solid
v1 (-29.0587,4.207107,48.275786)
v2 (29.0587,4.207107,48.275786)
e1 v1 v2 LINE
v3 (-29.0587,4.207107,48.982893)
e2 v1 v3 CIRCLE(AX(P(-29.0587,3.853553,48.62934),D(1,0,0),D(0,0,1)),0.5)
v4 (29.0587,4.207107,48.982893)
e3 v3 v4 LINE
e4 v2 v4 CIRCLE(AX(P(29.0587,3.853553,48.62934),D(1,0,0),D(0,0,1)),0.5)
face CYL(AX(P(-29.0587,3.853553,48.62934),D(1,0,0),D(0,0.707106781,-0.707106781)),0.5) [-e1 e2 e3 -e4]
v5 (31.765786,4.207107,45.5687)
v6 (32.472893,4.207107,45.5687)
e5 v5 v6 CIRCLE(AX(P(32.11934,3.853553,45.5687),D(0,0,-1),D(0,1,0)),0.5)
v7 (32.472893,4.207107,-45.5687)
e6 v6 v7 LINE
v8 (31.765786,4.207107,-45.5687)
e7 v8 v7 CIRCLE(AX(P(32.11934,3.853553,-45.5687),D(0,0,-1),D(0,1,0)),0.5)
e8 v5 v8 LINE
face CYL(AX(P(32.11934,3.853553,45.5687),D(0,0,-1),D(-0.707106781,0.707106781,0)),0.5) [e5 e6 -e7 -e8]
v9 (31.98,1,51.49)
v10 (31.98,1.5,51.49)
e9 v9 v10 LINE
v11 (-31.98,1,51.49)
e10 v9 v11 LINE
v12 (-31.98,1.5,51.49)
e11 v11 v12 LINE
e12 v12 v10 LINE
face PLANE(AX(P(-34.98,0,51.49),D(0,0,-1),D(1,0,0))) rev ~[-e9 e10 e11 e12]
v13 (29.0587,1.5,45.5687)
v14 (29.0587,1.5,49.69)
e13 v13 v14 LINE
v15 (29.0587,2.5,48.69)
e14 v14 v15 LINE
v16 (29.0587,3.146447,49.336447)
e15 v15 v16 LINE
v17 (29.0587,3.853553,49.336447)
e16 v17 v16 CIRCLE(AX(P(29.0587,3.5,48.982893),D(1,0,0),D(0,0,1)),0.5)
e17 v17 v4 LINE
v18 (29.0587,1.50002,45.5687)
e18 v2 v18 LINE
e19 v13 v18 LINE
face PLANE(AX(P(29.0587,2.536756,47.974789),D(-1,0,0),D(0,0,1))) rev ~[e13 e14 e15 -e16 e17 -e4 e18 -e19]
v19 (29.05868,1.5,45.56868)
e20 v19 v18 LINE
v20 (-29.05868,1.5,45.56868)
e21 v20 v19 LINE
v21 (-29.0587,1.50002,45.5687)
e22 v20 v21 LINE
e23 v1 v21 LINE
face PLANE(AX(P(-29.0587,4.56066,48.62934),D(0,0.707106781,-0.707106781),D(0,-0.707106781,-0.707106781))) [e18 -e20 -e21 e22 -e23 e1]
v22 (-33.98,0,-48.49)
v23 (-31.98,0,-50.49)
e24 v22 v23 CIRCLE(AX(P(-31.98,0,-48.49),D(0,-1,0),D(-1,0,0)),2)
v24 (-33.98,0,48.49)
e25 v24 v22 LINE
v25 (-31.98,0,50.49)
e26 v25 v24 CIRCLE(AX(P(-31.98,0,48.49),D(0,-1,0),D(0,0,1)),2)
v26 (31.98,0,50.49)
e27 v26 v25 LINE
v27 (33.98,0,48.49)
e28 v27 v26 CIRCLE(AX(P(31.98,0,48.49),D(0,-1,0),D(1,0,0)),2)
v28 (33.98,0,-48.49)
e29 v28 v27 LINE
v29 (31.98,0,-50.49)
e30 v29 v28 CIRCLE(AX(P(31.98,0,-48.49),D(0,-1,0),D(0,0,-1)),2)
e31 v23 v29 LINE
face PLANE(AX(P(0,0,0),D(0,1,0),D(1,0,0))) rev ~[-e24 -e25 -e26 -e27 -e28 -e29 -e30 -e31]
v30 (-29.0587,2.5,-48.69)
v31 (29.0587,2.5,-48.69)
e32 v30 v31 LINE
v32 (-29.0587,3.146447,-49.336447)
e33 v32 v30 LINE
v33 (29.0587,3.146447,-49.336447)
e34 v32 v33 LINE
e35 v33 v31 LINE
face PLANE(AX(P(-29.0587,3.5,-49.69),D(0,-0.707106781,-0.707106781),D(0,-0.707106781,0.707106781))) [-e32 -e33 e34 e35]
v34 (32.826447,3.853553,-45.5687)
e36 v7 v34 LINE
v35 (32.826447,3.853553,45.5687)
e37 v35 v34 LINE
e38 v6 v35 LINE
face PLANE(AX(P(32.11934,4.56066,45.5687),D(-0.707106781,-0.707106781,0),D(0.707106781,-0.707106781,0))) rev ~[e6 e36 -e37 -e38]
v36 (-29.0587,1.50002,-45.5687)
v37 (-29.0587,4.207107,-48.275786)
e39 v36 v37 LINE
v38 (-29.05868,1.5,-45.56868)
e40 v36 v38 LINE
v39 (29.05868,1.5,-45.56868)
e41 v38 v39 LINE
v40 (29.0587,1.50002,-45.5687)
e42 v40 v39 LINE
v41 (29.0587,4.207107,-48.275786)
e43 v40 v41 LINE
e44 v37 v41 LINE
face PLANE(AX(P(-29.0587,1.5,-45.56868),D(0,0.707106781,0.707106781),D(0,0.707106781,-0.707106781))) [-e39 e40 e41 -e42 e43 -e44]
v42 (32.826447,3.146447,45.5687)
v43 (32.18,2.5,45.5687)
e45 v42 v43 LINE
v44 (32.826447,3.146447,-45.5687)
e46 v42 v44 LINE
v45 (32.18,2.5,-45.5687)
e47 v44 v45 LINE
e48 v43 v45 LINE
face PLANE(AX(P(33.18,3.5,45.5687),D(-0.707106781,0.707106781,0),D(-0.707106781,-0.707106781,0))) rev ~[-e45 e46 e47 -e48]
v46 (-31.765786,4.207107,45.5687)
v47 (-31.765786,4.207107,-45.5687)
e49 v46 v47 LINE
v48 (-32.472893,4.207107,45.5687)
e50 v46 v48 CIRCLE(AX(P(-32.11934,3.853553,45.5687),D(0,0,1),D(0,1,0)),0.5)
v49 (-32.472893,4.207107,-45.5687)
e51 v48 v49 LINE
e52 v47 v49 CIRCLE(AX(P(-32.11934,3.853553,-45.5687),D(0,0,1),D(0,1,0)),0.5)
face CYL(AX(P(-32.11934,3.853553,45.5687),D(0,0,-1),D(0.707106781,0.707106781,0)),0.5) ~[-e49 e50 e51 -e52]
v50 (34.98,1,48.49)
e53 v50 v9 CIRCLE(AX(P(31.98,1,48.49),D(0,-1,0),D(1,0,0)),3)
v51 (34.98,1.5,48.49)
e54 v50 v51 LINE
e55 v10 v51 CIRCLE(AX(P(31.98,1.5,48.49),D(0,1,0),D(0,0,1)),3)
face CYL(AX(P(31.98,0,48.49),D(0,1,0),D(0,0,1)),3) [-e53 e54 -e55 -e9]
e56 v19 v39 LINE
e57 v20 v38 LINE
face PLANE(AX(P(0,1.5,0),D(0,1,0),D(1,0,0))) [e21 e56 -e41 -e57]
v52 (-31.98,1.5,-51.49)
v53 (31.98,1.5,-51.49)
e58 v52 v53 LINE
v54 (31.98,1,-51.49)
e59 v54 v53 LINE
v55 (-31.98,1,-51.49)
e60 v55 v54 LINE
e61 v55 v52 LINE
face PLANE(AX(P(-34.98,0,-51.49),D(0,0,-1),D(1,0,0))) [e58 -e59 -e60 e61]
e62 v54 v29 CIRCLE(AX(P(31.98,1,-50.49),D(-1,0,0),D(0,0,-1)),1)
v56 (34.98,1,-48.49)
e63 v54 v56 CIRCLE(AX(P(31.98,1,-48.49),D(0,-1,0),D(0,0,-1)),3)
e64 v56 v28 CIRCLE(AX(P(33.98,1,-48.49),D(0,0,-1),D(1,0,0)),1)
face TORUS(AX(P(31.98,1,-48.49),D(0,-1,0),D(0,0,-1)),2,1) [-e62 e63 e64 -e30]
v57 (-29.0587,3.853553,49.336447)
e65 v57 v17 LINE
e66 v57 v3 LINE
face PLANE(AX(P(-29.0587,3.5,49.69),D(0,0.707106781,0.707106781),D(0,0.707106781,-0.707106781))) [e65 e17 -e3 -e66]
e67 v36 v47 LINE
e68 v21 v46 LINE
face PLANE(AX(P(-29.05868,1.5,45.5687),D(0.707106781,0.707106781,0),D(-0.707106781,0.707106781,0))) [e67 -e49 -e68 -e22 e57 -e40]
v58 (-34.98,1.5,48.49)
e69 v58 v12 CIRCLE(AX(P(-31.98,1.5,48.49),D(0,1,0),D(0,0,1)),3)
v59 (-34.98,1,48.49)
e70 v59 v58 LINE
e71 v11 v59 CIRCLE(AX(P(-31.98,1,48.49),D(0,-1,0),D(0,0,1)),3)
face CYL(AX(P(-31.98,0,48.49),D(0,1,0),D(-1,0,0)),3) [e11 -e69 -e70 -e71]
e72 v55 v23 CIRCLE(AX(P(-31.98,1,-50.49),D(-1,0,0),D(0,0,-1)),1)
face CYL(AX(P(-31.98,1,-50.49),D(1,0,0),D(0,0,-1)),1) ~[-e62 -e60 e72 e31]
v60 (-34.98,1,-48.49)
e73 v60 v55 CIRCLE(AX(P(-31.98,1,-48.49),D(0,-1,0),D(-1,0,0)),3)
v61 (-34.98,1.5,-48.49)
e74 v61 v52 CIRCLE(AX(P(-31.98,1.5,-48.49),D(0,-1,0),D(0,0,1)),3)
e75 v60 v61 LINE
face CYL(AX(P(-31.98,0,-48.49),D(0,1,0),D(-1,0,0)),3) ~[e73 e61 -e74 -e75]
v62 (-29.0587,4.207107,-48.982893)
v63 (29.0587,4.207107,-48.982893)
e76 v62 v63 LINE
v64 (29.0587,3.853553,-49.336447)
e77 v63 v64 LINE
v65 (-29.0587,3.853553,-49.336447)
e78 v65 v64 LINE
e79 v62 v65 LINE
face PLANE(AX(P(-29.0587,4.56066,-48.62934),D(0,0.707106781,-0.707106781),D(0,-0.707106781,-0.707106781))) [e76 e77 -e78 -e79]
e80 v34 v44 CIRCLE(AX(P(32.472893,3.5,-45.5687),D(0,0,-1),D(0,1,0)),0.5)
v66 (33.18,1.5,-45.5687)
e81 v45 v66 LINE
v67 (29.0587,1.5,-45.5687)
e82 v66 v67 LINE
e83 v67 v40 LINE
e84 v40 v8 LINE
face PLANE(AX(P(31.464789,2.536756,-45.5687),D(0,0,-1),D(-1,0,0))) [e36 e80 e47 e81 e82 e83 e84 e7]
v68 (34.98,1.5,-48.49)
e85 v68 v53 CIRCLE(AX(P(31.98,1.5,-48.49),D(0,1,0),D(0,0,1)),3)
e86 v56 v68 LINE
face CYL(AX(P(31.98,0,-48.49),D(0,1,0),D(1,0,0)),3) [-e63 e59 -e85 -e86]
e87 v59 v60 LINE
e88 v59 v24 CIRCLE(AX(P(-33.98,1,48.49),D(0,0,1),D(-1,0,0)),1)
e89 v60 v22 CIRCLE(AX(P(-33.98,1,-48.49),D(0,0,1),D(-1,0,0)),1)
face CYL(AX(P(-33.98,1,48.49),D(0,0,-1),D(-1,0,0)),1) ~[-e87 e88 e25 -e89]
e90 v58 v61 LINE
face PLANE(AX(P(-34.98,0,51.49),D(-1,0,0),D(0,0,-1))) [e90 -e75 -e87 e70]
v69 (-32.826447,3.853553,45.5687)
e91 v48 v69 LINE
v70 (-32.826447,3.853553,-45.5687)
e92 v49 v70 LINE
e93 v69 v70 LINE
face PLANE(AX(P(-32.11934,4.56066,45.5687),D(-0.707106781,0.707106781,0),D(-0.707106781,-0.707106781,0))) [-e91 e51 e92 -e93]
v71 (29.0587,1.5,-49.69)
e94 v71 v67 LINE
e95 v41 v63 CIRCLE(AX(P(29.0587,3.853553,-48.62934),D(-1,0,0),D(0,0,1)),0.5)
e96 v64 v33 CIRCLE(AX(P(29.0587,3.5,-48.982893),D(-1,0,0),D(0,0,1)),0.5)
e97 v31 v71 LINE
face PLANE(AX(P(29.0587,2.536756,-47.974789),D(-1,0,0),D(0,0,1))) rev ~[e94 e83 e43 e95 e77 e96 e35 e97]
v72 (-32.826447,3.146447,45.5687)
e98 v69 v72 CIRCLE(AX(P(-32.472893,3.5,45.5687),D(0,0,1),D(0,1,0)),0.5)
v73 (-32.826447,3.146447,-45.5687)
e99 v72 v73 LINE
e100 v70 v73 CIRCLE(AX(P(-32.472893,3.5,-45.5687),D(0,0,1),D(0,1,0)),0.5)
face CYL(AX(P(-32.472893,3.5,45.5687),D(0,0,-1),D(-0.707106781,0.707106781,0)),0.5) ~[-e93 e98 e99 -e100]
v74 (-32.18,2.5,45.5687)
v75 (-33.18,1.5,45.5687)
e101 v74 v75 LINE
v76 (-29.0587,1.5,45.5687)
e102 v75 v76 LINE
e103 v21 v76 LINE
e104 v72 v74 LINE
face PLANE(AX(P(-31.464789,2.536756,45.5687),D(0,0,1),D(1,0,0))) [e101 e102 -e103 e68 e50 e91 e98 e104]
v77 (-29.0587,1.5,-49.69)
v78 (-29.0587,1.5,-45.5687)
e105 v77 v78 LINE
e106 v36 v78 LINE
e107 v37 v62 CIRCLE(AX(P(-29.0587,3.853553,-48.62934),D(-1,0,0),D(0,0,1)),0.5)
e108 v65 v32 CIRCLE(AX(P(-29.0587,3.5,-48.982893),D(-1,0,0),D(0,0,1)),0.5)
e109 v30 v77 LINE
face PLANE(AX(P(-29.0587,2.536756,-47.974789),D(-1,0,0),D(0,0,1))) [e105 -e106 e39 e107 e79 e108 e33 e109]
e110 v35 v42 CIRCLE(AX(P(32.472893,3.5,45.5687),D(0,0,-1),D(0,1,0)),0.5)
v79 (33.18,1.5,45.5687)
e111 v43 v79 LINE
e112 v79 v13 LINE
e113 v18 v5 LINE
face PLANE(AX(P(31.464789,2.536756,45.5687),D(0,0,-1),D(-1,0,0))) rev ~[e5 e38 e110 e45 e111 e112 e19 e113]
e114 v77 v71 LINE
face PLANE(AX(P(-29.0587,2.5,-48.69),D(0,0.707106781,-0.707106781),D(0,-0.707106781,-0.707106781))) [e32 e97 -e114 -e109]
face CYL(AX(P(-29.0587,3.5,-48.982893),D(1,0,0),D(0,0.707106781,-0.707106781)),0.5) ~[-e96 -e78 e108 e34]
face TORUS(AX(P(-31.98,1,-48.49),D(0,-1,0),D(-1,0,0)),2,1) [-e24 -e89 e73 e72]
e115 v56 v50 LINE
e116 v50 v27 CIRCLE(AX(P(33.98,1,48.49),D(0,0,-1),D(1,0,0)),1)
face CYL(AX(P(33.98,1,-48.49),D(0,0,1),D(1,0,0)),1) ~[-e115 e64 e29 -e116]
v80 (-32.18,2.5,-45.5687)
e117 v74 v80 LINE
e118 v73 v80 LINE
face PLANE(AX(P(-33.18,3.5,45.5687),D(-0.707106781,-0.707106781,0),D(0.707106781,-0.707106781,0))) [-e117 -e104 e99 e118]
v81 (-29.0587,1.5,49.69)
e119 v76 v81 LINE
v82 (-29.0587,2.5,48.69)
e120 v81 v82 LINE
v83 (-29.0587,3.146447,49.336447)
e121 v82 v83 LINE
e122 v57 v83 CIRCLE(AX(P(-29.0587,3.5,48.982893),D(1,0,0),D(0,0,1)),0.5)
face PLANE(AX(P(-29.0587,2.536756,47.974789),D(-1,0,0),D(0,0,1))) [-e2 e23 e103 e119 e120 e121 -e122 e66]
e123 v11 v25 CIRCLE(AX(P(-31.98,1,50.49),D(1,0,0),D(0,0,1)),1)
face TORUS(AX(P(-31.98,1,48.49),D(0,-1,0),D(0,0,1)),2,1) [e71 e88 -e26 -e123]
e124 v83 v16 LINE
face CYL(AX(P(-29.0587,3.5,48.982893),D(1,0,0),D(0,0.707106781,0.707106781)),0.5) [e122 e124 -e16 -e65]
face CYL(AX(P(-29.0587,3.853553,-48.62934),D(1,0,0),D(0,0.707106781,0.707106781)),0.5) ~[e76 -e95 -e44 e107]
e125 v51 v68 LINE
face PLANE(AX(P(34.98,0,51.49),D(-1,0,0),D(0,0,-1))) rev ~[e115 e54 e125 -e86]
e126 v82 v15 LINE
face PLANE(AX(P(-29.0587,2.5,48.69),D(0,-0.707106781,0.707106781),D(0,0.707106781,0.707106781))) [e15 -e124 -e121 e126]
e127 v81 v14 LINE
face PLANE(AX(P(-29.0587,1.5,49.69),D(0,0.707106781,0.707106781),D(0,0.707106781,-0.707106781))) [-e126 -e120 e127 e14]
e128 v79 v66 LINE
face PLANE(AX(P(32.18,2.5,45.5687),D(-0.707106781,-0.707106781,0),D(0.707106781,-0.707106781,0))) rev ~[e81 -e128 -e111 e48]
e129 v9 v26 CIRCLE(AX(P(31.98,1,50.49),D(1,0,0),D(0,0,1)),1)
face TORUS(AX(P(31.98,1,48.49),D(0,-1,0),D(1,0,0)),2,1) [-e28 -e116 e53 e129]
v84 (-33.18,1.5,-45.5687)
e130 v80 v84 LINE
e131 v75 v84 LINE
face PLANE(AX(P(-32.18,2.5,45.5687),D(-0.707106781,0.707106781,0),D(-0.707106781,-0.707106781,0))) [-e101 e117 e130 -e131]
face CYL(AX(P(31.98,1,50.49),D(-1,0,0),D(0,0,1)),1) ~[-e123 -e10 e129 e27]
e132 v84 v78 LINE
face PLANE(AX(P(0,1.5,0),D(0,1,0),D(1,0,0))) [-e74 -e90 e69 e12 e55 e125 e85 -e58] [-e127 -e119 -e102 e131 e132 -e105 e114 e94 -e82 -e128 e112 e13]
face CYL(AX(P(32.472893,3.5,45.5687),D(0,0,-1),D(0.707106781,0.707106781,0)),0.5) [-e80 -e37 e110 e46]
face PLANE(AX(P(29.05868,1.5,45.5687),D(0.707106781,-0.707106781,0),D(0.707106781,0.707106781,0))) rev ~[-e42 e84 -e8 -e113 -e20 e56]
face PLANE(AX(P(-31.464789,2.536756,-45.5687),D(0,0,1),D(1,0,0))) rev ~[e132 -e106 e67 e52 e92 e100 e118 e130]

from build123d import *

# Parameters (mm, degrees)
EDIT_GLOBAL_VARIABLE_WITH_PCB_DIMENSIONS_W = 69.96
EDIT_GLOBAL_VARIABLE_WITH_PCB_DIMENSIONS_H = 102.98
BOSS_EXTRUDE1_DEPTH                        = 1.5
FILLET1_R                                  = 3
BOSS_EXTRUDE2_DEPTH                        = 91.1374
BOSS_EXTRUDE3_DEPTH                        = 91.1374
BOSS_EXTRUDE4_DEPTH                        = 58.1174
BOSS_EXTRUDE5_DEPTH                        = 58.1174
FILLET2_R                                  = 0.5
FILLET3_R                                  = 1


with BuildPart() as part:
    # EDIT GLOBAL VARIABLE WITH PCB DIMENSIONS → Boss-Extrude1 (new body)
    with BuildSketch(Plane(origin=(0, 0, 0), x_dir=(1, 0, 0), z_dir=(0, 1, 0))):
        Rectangle(EDIT_GLOBAL_VARIABLE_WITH_PCB_DIMENSIONS_W, EDIT_GLOBAL_VARIABLE_WITH_PCB_DIMENSIONS_H)
    extrude(amount=BOSS_EXTRUDE1_DEPTH)

    # Fillet1
    fillet1_edges = [part.edges().sort_by_distance(p)[0] for p in [
        (34.98, 0.75, 51.49),
        (-34.98, 0.75, 51.49),
        (-34.98, 0.75, -51.49),
        (34.98, 0.75, -51.49),
    ]]
    fillet(fillet1_edges, radius=FILLET1_R)

    # Sketch2 → Boss-Extrude2 (add)
    with BuildSketch(Plane.XY.offset(45.5687)):
        Polygon((33.18, 1.5), (29.058679656, 1.5), (32.119339828, 4.560660172), (33.18, 3.5), (32.18, 2.5), align=None)
    extrude(amount=-BOSS_EXTRUDE2_DEPTH)

    # Sketch3 → Boss-Extrude3 (add)
    with BuildSketch(Plane.XY.offset(45.5687)):
        Polygon((-33.18, 1.5), (-29.058679656, 1.5), (-32.119339828, 4.560660172), (-33.18, 3.5), (-32.18, 2.5), align=None)
    extrude(amount=-BOSS_EXTRUDE3_DEPTH)

    # Sketch4 → Boss-Extrude4 (add)
    with BuildSketch(Plane.ZY.offset(29.0587)):
        Polygon((-49.69, 1.5), (-45.568679656, 1.5), (-48.629339828, 4.560660172), (-49.69, 3.5), (-48.69, 2.5), align=None)
    extrude(amount=-BOSS_EXTRUDE4_DEPTH)

    # Sketch5 → Boss-Extrude5 (add)
    with BuildSketch(Plane.ZY.offset(29.0587)):
        Polygon((45.568679656, 1.5), (49.69, 1.5), (48.69, 2.5), (49.69, 3.5), (48.629339828, 4.560660172), align=None)
    extrude(amount=-BOSS_EXTRUDE5_DEPTH)

    # Fillet2
    fillet2_edges = [part.edges().sort_by_distance(p)[0] for p in [
        (33.18, 3.5, 0),
        (32.119339828, 4.560660172, 0),
        (-32.119339828, 4.560660172, 0),
        (-33.18, 3.5, 0),
        (0, 4.560660172, -48.629339828),
        (0, 3.5, -49.69),
        (0, 3.5, 49.69),
        (0, 4.560660172, 48.629339828),
    ]]
    fillet(fillet2_edges, radius=FILLET2_R)

    # Fillet3
    fillet3_edges = [part.edges().sort_by_distance(p)[0] for p in [
        (-34.98, 0, 0),
        (34.98, 0, 0),
        (0, 0, 51.49),
        (0, 0, -51.49),
        (-34.101320344, 0, 50.611320344),
        (34.101320344, 0, 50.611320344),
        (34.101320344, 0, -50.611320344),
        (-34.101320344, 0, -50.611320344),
    ]]
    fillet(fillet3_edges, radius=FILLET3_R)


solid = part.part
